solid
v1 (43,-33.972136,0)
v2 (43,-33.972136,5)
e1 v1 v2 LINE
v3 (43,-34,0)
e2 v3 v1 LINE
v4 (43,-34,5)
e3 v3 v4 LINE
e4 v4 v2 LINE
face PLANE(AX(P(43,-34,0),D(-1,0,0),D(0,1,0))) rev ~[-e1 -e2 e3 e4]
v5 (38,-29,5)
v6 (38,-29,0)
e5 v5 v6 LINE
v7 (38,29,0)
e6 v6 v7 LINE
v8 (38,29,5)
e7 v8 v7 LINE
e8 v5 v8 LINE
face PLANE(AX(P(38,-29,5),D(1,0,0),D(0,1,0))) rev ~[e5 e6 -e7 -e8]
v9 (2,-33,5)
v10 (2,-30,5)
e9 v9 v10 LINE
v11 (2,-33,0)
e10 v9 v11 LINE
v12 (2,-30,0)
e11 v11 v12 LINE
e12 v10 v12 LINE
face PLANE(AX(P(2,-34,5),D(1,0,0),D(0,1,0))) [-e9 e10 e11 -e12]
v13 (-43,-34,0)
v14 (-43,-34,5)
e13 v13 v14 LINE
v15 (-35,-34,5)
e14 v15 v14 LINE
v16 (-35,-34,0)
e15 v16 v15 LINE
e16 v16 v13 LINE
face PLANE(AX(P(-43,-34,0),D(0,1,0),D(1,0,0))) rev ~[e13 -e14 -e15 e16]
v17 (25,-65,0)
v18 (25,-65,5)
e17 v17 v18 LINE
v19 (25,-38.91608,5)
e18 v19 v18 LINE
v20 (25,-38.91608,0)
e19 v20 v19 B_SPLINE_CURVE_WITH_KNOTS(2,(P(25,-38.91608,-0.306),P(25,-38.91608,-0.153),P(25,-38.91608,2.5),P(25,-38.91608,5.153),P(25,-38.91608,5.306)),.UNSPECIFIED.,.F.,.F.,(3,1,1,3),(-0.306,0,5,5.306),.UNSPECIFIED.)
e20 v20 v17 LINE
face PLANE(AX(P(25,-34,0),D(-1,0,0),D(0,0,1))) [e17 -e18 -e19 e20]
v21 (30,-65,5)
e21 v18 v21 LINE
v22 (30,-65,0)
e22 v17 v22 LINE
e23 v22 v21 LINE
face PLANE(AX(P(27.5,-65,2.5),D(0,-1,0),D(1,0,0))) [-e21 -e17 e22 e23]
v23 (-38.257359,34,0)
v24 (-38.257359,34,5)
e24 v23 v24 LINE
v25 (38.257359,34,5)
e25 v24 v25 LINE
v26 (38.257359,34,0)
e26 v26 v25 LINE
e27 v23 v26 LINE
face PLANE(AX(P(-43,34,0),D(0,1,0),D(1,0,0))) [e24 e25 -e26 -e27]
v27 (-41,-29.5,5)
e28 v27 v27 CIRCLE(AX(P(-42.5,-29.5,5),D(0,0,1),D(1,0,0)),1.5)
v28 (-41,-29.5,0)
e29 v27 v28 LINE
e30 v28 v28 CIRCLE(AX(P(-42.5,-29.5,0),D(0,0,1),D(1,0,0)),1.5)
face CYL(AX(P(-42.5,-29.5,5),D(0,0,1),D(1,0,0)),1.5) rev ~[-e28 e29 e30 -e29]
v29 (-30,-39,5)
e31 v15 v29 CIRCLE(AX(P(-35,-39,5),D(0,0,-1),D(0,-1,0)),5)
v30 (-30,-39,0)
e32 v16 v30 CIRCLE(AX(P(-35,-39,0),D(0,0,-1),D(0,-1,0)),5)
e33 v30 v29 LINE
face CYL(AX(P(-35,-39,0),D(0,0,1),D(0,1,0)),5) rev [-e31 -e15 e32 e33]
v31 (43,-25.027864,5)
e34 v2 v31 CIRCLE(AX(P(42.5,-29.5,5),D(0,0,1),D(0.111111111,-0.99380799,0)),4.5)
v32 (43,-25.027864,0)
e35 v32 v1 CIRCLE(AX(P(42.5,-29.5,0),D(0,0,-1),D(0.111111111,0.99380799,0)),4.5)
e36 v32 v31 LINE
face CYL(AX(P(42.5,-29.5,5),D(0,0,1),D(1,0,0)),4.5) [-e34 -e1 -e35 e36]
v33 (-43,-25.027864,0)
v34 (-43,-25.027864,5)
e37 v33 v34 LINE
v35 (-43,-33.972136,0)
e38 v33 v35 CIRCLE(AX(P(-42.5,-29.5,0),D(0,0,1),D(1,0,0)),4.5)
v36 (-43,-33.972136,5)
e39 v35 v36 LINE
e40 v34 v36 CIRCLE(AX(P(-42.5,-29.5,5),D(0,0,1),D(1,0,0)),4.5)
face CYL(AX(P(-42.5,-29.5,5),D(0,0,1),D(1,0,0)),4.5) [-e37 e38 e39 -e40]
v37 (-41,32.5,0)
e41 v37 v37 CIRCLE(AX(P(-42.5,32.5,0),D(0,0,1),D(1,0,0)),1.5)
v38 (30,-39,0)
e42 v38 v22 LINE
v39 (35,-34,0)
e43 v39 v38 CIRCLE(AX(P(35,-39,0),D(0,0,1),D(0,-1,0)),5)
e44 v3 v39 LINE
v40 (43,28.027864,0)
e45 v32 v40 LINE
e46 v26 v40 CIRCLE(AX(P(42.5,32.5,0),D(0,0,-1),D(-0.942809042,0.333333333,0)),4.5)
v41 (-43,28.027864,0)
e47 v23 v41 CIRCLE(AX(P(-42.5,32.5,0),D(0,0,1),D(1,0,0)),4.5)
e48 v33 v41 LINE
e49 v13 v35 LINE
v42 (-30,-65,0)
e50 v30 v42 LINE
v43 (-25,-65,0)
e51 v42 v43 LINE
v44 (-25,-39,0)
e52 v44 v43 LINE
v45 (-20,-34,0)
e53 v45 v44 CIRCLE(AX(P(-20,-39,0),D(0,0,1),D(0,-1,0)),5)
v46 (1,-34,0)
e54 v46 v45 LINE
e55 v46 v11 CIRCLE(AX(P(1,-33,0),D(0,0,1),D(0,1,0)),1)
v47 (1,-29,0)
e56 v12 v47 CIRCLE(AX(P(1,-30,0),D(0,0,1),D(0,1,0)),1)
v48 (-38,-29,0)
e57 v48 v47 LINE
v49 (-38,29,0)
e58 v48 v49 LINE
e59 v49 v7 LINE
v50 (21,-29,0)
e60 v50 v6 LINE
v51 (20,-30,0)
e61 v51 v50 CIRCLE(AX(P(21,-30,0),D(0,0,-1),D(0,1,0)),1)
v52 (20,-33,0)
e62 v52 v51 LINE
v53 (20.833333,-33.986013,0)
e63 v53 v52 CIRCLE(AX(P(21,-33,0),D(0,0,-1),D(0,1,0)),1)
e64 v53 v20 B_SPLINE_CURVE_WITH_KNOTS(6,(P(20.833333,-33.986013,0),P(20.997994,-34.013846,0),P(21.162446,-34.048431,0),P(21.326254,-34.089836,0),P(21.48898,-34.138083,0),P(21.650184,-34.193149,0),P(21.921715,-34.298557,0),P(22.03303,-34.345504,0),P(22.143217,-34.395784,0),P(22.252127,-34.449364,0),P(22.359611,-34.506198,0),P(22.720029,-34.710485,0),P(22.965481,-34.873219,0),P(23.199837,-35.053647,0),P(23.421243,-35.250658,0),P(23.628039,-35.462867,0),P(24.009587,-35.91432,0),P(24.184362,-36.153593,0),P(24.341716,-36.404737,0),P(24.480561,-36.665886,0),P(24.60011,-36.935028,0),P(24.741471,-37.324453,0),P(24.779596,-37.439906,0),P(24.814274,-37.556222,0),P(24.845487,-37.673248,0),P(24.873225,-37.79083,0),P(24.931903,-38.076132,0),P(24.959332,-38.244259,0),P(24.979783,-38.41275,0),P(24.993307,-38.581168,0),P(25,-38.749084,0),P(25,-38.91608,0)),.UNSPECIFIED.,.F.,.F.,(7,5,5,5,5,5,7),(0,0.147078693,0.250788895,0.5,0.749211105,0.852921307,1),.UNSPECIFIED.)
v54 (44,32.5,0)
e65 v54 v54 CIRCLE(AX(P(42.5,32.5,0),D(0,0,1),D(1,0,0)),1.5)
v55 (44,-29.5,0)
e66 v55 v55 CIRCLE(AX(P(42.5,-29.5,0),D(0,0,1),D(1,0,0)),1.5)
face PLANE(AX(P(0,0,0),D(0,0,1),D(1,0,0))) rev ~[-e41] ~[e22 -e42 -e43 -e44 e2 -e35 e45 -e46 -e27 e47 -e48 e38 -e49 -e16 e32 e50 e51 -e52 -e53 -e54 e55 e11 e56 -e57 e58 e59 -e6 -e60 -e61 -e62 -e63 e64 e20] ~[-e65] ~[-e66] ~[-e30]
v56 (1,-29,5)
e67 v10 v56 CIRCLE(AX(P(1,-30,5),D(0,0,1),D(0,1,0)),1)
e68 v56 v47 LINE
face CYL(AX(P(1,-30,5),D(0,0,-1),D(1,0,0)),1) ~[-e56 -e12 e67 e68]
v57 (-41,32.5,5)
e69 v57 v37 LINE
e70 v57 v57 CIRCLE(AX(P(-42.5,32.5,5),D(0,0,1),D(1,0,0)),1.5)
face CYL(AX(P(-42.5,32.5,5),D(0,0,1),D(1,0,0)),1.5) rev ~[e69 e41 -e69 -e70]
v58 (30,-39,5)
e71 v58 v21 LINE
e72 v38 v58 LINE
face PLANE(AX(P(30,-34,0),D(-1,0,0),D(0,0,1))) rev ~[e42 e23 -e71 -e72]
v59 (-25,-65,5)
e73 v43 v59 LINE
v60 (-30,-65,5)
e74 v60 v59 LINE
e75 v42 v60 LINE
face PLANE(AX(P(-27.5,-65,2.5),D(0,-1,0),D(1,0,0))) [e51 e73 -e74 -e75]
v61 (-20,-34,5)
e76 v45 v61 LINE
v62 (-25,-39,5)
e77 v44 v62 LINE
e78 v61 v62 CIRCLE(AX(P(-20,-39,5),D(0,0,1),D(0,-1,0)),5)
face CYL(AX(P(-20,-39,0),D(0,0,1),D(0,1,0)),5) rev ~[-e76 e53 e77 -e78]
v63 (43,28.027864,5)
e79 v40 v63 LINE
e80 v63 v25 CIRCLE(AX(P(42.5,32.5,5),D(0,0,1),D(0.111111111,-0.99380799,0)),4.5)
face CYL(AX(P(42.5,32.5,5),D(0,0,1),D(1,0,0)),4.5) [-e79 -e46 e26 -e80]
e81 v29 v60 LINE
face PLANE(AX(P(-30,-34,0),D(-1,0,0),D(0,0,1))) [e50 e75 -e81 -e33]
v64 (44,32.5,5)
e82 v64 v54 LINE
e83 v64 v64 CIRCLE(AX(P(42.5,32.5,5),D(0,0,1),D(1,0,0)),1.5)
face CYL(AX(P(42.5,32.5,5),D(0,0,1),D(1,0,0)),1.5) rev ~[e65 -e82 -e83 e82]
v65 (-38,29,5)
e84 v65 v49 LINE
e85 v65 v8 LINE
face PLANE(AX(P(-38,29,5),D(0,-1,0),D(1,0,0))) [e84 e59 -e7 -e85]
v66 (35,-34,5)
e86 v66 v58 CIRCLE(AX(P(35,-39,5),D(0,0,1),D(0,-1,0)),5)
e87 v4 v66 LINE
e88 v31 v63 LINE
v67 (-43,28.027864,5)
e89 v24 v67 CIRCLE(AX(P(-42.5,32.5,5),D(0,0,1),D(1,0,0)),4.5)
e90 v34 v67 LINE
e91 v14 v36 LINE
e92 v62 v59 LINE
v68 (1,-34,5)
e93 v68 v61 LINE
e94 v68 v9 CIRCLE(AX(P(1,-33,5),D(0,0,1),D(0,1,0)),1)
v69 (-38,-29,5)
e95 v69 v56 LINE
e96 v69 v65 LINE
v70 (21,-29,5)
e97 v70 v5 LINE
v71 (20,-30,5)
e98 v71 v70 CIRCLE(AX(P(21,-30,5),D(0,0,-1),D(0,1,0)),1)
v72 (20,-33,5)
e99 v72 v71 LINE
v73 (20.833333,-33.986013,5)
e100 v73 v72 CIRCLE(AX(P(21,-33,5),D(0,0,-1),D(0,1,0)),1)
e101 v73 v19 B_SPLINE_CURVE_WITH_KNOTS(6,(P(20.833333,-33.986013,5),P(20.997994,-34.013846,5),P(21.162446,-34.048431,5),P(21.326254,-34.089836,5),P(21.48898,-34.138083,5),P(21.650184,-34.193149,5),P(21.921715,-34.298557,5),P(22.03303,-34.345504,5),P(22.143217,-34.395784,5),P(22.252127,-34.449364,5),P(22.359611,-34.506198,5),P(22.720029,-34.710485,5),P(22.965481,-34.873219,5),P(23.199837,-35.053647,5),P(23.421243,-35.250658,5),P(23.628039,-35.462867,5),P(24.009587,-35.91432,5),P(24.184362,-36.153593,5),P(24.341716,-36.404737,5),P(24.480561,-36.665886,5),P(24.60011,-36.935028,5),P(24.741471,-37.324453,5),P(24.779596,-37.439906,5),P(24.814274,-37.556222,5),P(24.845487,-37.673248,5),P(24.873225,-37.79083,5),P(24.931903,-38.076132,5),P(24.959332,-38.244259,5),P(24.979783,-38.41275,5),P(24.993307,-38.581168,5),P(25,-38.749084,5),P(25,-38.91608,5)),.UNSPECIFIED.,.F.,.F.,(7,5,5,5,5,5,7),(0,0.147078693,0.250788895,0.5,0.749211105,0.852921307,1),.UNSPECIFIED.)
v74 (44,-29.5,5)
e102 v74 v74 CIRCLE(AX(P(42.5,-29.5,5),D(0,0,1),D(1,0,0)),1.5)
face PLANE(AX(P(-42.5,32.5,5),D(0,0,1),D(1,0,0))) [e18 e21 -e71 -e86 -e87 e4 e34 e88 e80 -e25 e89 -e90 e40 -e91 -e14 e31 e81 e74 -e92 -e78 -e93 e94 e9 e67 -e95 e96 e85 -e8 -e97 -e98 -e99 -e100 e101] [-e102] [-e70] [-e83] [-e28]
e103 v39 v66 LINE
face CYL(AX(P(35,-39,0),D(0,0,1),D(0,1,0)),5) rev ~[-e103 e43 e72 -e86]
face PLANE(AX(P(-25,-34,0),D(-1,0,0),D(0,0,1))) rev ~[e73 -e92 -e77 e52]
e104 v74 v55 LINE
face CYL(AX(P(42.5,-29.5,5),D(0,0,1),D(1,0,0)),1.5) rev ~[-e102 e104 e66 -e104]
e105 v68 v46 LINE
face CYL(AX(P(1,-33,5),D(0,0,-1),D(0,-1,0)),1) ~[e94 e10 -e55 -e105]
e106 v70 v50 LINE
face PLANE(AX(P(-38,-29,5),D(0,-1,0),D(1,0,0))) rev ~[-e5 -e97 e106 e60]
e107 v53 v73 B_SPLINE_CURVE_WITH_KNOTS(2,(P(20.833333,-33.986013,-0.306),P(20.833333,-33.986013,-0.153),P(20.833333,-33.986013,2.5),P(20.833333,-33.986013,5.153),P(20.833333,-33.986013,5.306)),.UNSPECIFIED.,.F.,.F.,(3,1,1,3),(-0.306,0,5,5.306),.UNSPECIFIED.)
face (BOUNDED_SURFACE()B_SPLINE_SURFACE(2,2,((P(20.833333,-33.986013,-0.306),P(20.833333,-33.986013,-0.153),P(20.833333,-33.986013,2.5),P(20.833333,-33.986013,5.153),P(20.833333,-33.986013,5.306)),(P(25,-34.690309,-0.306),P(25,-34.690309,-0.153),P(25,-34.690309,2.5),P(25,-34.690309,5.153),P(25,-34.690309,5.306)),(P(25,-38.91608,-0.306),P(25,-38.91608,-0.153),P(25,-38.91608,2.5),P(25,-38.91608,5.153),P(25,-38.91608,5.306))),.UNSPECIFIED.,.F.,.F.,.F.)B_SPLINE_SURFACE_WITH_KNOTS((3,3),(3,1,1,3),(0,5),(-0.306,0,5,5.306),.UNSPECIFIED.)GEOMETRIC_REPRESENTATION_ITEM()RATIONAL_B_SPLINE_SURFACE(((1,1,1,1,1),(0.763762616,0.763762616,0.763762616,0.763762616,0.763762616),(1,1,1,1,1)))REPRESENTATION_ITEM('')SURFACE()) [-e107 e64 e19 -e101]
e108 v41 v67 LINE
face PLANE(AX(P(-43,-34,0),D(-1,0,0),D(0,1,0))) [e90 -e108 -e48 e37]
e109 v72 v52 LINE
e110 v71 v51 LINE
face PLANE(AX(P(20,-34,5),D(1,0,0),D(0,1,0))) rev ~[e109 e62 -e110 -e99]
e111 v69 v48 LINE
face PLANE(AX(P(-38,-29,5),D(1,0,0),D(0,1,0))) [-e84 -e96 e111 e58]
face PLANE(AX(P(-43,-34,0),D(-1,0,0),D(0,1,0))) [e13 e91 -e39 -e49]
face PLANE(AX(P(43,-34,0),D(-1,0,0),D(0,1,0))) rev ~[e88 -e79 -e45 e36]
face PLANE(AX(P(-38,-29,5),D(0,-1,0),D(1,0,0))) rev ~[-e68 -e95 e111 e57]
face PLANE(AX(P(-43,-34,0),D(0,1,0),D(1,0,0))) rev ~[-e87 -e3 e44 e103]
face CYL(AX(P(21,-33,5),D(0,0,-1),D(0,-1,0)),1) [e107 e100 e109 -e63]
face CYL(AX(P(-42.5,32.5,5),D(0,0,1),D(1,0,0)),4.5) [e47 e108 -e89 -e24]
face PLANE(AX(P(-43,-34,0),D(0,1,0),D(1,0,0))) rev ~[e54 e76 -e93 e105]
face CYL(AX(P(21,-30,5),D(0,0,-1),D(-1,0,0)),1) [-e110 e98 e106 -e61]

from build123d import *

# Parameters (mm, degrees)
F0_W      = 86
F0_H      = 68
F1_DEPTH  = 5
F2_W      = 76
F2_H      = 58
F3_DEPTH  = 5
F4_W      = 18
F4_H      = 5
F5_DEPTH  = 5
F6_R      = 4.5
F7_DEPTH  = 5
F8_R      = 1.5
F9_DEPTH  = 5
F10_R     = 1
F11_W     = 5
F11_H     = 5
F12_DEPTH = 31
F13_R     = 5


with BuildPart() as f1:
    # F0 (on Top) → F1 (new body)
    with BuildSketch(Plane.XY):
        Rectangle(F0_W, F0_H)
    extrude(amount=F1_DEPTH)

    # F2 (on face) → F3 (cut, through all)
    with BuildSketch(Plane.XY.offset(5)):
        Rectangle(F2_W, F2_H)
    extrude(amount=-F3_DEPTH, mode=Mode.SUBTRACT)

    # F4 (on face) → F5 (cut, through all)
    with BuildSketch(Plane.XY.offset(5)):
        with Locations((11, -31.5)):
            Rectangle(F4_W, F4_H)
    extrude(amount=-F5_DEPTH, mode=Mode.SUBTRACT)

    # F6 (on face) → F7 (join)
    with BuildSketch(Plane.XY.offset(5)):
        with Locations((-42.5, 32.5)):
            Circle(F6_R)
        with Locations((42.5, 32.5)):
            Circle(F6_R)
        with Locations((-42.5, -29.5)):
            Circle(F6_R)
        with Locations((42.5, -29.5)):
            Circle(F6_R)
    extrude(amount=-F7_DEPTH)

    # F8 (on face) → F9 (cut, through all)
    with BuildSketch(Plane.XY.offset(5)):
        with Locations((-42.5, 32.5)):
            Circle(F8_R)
        with Locations((-42.5, -29.5)):
            Circle(F8_R)
        with Locations((42.5, -29.5)):
            Circle(F8_R)
        with Locations((42.5, 32.5)):
            Circle(F8_R)
    extrude(amount=-F9_DEPTH, mode=Mode.SUBTRACT)

    # F10
    f10_edges = [f1.edges().sort_by_distance(p)[0] for p in [
        (20, -29, 2.5),
        (20, -34, 2.5),
        (2, -29, 2.5),
        (2, -34, 2.5),
    ]]
    fillet(f10_edges, radius=F10_R)

    # F11 (on face) → F12 (join)
    with BuildSketch(Plane.XZ.offset(34)):
        with Locations((-27.5, 2.5)):
            Rectangle(F11_W, F11_H)
        with Locations((27.5, 2.5)):
            Rectangle(F11_W, F11_H)
    extrude(amount=F12_DEPTH)

    # F13
    f13_edges = [f1.edges().sort_by_distance(p)[0] for p in [
        (25, -34, 2.5),
        (-25, -34, 2.5),
        (30, -34, 2.5),
        (-30, -34, 2.5),
    ]]
    fillet(f13_edges, radius=F13_R)


solid = f1.part
